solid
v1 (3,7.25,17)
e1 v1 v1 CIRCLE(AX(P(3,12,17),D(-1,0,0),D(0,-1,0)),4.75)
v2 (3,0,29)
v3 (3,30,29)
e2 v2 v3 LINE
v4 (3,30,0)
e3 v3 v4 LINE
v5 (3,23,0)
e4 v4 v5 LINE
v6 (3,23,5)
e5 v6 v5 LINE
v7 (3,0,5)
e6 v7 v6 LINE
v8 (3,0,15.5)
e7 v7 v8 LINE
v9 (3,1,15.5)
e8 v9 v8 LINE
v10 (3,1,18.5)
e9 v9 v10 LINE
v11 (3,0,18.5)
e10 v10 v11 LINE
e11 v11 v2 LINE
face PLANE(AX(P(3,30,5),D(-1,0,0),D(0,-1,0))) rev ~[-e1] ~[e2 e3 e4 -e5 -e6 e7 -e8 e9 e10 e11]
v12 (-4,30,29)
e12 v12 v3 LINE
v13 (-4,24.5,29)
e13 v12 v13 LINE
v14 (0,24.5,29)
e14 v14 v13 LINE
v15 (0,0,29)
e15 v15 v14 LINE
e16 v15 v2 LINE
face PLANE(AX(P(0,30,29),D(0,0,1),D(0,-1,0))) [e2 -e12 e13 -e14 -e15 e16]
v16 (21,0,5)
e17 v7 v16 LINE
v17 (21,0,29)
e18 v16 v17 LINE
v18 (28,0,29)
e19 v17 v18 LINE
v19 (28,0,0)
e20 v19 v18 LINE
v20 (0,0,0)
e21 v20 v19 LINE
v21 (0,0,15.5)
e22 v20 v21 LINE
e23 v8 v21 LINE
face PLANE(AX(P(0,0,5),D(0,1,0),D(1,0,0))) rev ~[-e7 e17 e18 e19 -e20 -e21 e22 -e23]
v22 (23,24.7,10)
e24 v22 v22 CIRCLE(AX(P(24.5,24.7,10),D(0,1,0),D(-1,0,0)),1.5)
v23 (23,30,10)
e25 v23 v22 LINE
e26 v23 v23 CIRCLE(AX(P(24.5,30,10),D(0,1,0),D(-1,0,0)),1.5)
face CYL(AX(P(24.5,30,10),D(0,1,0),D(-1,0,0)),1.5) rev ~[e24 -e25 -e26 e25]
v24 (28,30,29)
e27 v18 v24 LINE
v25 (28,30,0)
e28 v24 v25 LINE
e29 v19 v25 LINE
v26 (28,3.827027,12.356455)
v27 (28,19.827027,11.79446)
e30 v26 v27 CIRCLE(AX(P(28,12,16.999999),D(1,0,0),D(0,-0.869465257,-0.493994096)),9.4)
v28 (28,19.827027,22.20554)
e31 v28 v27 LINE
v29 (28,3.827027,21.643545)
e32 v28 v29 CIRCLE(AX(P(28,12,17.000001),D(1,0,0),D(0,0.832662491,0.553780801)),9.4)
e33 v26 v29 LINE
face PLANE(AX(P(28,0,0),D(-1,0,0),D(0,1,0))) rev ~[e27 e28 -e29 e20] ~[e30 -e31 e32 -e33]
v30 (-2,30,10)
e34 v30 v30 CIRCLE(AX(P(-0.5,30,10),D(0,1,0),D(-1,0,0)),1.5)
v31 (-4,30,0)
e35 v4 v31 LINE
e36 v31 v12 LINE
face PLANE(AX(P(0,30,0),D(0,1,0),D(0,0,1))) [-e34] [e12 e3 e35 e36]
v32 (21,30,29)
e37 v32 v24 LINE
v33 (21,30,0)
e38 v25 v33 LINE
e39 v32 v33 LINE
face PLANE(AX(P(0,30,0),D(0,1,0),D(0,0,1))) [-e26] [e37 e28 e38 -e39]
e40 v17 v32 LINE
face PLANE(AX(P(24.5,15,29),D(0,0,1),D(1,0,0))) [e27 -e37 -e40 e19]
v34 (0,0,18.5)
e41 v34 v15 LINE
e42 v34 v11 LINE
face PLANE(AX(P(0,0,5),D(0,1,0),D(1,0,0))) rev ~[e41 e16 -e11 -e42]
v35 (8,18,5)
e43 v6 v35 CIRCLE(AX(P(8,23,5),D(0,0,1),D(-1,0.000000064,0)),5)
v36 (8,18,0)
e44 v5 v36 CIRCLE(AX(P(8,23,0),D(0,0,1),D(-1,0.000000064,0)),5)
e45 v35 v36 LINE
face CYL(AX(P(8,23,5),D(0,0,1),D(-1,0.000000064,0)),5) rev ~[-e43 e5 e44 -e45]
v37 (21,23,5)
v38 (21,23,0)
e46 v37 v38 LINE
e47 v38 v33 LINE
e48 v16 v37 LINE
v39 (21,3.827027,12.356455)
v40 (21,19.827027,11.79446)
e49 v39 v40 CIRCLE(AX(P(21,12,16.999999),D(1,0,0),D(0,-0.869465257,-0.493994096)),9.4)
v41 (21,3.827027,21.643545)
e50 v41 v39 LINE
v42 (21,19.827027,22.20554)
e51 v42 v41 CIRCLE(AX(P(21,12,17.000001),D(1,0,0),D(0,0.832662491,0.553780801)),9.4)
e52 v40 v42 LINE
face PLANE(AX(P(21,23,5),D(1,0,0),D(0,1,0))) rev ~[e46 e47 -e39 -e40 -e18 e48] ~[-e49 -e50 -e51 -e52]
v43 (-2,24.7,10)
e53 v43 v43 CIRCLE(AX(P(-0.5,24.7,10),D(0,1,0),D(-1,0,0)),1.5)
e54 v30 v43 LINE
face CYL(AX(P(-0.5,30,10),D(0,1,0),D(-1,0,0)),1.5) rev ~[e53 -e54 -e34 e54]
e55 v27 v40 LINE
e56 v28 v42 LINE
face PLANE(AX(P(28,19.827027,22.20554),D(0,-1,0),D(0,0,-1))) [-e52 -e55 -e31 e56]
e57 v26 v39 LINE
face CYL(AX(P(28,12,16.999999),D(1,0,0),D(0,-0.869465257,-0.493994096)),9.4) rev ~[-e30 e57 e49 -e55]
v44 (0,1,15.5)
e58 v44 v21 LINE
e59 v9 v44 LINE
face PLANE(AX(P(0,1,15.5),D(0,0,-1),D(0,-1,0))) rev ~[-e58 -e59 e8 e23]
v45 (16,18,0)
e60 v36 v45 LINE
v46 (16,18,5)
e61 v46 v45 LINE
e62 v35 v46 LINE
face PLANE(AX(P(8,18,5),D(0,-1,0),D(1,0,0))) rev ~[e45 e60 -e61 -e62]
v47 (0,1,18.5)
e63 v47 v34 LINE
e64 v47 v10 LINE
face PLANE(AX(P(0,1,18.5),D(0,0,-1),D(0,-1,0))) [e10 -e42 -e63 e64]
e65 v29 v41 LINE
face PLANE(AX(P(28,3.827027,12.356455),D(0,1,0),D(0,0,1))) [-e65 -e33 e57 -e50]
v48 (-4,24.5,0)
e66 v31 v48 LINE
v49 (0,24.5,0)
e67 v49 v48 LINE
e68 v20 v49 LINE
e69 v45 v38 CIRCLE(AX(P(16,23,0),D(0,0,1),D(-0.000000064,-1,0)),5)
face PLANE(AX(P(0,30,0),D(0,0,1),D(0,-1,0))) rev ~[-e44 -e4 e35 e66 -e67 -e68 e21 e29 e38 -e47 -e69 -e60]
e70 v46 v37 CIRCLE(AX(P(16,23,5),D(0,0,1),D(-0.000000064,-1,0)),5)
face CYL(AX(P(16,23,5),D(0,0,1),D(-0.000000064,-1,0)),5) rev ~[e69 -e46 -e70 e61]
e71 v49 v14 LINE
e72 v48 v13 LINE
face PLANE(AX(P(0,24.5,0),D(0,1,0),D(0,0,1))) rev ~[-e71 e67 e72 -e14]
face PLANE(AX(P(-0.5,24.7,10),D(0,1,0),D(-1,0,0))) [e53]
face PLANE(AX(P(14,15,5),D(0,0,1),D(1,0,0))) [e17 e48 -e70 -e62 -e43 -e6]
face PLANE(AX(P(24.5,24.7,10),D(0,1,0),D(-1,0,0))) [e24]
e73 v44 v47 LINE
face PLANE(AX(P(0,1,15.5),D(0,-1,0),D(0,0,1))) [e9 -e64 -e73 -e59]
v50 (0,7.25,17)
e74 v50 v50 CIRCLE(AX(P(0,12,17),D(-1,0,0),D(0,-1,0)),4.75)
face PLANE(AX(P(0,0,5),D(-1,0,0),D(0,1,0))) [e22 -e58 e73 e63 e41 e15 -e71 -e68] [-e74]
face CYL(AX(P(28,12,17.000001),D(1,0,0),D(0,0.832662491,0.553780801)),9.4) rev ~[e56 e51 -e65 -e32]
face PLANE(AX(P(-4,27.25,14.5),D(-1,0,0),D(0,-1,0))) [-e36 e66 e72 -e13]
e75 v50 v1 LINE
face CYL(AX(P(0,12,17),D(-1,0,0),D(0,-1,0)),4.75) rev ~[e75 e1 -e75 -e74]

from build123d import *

# Parameters (mm, degrees)
BOX_W           = 28
BOX_H           = 30
BOX_DEPTH       = 5
SKETCH_W        = 3
SKETCH_H        = 30
SKETCH_W_2      = 7
PAD_DEPTH       = 24
SKETCH002_R     = 4.75
SKETCH002_W     = 1
SKETCH002_H     = 3
POCKET_DEPTH    = 4
POCKET001_DEPTH = 10
SKETCH003_W     = 5.5
SKETCH003_H     = 29
PAD001_DEPTH    = 4
SKETCH004_R     = 1.5
POCKET002_DEPTH = 5.3
POCKET003_DEPTH = 5


with BuildPart() as part:
    # Box → Box (new body)
    with BuildSketch(Plane.XY):
        with Locations((14, 15)):
            Rectangle(BOX_W, BOX_H)
    extrude(amount=BOX_DEPTH)

    # Sketch → Pad (new body)
    with BuildSketch(Plane.XY.offset(5)):
        with Locations((1.5, 15)):
            Rectangle(SKETCH_W, SKETCH_H)
        with Locations((24.5, 15)):
            Rectangle(SKETCH_W_2, SKETCH_H)
    extrude(amount=PAD_DEPTH)

    # Sketch002 → Pocket (cut, symmetric)
    with BuildSketch(Plane(origin=(0, 0, 0), x_dir=(0, -1, 0), z_dir=(-1, 0, 0))):
        with Locations((-12, 17)):
            Circle(SKETCH002_R)
        with Locations((-0.5, 17)):
            Rectangle(SKETCH002_W, SKETCH002_H)
    extrude(amount=POCKET_DEPTH, both=True, mode=Mode.SUBTRACT)

    # Sketch001 → Pocket001 (cut)
    with BuildSketch(Plane.YZ.offset(28)):
        with BuildLine():
            Line((19.827027, 22.20554), (19.827027, 11.79446))
            ThreePointArc((3.827027, 12.356455), (11.670031, 7.605793), (19.827027, 11.79446))
            Line((3.827027, 12.356455), (3.827027, 21.643545))
            ThreePointArc((19.827027, 22.20554), (11.670031, 26.394207), (3.827027, 21.643545))
        make_face()
    extrude(amount=-POCKET001_DEPTH, mode=Mode.SUBTRACT)

    # Sketch003 → Pad001 (new body)
    with BuildSketch(Plane(origin=(0, 0, 0), x_dir=(0, -1, 0), z_dir=(-1, 0, 0))):
        with Locations((-27.25, 14.5)):
            Rectangle(SKETCH003_W, SKETCH003_H)
    extrude(amount=PAD001_DEPTH)

    # Sketch004 → Pocket002 (cut)
    with BuildSketch(Plane(origin=(0, 30, 0), x_dir=(-1, 0, 0), z_dir=(0, 1, 0))):
        with Locations((-24.5, 10)):
            Circle(SKETCH004_R)
        with Locations((0.5, 10)):
            Circle(SKETCH004_R)
    extrude(amount=-POCKET002_DEPTH, mode=Mode.SUBTRACT)

    # Sketch005 → Pocket003 (cut)
    with BuildSketch(Plane.XY.offset(5)):
        with BuildLine():
            Line((21, 30), (3, 30))
            Line((3, 30), (3, 23))
            ThreePointArc((3, 23), (4.464466, 19.464466), (8, 18))
            Line((8, 18), (16, 18))
            ThreePointArc((16, 18), (19.535534, 19.464466), (21, 23))
            Line((21, 23), (21, 30))
        make_face()
    extrude(amount=-POCKET003_DEPTH, mode=Mode.SUBTRACT)


solid = part.part
